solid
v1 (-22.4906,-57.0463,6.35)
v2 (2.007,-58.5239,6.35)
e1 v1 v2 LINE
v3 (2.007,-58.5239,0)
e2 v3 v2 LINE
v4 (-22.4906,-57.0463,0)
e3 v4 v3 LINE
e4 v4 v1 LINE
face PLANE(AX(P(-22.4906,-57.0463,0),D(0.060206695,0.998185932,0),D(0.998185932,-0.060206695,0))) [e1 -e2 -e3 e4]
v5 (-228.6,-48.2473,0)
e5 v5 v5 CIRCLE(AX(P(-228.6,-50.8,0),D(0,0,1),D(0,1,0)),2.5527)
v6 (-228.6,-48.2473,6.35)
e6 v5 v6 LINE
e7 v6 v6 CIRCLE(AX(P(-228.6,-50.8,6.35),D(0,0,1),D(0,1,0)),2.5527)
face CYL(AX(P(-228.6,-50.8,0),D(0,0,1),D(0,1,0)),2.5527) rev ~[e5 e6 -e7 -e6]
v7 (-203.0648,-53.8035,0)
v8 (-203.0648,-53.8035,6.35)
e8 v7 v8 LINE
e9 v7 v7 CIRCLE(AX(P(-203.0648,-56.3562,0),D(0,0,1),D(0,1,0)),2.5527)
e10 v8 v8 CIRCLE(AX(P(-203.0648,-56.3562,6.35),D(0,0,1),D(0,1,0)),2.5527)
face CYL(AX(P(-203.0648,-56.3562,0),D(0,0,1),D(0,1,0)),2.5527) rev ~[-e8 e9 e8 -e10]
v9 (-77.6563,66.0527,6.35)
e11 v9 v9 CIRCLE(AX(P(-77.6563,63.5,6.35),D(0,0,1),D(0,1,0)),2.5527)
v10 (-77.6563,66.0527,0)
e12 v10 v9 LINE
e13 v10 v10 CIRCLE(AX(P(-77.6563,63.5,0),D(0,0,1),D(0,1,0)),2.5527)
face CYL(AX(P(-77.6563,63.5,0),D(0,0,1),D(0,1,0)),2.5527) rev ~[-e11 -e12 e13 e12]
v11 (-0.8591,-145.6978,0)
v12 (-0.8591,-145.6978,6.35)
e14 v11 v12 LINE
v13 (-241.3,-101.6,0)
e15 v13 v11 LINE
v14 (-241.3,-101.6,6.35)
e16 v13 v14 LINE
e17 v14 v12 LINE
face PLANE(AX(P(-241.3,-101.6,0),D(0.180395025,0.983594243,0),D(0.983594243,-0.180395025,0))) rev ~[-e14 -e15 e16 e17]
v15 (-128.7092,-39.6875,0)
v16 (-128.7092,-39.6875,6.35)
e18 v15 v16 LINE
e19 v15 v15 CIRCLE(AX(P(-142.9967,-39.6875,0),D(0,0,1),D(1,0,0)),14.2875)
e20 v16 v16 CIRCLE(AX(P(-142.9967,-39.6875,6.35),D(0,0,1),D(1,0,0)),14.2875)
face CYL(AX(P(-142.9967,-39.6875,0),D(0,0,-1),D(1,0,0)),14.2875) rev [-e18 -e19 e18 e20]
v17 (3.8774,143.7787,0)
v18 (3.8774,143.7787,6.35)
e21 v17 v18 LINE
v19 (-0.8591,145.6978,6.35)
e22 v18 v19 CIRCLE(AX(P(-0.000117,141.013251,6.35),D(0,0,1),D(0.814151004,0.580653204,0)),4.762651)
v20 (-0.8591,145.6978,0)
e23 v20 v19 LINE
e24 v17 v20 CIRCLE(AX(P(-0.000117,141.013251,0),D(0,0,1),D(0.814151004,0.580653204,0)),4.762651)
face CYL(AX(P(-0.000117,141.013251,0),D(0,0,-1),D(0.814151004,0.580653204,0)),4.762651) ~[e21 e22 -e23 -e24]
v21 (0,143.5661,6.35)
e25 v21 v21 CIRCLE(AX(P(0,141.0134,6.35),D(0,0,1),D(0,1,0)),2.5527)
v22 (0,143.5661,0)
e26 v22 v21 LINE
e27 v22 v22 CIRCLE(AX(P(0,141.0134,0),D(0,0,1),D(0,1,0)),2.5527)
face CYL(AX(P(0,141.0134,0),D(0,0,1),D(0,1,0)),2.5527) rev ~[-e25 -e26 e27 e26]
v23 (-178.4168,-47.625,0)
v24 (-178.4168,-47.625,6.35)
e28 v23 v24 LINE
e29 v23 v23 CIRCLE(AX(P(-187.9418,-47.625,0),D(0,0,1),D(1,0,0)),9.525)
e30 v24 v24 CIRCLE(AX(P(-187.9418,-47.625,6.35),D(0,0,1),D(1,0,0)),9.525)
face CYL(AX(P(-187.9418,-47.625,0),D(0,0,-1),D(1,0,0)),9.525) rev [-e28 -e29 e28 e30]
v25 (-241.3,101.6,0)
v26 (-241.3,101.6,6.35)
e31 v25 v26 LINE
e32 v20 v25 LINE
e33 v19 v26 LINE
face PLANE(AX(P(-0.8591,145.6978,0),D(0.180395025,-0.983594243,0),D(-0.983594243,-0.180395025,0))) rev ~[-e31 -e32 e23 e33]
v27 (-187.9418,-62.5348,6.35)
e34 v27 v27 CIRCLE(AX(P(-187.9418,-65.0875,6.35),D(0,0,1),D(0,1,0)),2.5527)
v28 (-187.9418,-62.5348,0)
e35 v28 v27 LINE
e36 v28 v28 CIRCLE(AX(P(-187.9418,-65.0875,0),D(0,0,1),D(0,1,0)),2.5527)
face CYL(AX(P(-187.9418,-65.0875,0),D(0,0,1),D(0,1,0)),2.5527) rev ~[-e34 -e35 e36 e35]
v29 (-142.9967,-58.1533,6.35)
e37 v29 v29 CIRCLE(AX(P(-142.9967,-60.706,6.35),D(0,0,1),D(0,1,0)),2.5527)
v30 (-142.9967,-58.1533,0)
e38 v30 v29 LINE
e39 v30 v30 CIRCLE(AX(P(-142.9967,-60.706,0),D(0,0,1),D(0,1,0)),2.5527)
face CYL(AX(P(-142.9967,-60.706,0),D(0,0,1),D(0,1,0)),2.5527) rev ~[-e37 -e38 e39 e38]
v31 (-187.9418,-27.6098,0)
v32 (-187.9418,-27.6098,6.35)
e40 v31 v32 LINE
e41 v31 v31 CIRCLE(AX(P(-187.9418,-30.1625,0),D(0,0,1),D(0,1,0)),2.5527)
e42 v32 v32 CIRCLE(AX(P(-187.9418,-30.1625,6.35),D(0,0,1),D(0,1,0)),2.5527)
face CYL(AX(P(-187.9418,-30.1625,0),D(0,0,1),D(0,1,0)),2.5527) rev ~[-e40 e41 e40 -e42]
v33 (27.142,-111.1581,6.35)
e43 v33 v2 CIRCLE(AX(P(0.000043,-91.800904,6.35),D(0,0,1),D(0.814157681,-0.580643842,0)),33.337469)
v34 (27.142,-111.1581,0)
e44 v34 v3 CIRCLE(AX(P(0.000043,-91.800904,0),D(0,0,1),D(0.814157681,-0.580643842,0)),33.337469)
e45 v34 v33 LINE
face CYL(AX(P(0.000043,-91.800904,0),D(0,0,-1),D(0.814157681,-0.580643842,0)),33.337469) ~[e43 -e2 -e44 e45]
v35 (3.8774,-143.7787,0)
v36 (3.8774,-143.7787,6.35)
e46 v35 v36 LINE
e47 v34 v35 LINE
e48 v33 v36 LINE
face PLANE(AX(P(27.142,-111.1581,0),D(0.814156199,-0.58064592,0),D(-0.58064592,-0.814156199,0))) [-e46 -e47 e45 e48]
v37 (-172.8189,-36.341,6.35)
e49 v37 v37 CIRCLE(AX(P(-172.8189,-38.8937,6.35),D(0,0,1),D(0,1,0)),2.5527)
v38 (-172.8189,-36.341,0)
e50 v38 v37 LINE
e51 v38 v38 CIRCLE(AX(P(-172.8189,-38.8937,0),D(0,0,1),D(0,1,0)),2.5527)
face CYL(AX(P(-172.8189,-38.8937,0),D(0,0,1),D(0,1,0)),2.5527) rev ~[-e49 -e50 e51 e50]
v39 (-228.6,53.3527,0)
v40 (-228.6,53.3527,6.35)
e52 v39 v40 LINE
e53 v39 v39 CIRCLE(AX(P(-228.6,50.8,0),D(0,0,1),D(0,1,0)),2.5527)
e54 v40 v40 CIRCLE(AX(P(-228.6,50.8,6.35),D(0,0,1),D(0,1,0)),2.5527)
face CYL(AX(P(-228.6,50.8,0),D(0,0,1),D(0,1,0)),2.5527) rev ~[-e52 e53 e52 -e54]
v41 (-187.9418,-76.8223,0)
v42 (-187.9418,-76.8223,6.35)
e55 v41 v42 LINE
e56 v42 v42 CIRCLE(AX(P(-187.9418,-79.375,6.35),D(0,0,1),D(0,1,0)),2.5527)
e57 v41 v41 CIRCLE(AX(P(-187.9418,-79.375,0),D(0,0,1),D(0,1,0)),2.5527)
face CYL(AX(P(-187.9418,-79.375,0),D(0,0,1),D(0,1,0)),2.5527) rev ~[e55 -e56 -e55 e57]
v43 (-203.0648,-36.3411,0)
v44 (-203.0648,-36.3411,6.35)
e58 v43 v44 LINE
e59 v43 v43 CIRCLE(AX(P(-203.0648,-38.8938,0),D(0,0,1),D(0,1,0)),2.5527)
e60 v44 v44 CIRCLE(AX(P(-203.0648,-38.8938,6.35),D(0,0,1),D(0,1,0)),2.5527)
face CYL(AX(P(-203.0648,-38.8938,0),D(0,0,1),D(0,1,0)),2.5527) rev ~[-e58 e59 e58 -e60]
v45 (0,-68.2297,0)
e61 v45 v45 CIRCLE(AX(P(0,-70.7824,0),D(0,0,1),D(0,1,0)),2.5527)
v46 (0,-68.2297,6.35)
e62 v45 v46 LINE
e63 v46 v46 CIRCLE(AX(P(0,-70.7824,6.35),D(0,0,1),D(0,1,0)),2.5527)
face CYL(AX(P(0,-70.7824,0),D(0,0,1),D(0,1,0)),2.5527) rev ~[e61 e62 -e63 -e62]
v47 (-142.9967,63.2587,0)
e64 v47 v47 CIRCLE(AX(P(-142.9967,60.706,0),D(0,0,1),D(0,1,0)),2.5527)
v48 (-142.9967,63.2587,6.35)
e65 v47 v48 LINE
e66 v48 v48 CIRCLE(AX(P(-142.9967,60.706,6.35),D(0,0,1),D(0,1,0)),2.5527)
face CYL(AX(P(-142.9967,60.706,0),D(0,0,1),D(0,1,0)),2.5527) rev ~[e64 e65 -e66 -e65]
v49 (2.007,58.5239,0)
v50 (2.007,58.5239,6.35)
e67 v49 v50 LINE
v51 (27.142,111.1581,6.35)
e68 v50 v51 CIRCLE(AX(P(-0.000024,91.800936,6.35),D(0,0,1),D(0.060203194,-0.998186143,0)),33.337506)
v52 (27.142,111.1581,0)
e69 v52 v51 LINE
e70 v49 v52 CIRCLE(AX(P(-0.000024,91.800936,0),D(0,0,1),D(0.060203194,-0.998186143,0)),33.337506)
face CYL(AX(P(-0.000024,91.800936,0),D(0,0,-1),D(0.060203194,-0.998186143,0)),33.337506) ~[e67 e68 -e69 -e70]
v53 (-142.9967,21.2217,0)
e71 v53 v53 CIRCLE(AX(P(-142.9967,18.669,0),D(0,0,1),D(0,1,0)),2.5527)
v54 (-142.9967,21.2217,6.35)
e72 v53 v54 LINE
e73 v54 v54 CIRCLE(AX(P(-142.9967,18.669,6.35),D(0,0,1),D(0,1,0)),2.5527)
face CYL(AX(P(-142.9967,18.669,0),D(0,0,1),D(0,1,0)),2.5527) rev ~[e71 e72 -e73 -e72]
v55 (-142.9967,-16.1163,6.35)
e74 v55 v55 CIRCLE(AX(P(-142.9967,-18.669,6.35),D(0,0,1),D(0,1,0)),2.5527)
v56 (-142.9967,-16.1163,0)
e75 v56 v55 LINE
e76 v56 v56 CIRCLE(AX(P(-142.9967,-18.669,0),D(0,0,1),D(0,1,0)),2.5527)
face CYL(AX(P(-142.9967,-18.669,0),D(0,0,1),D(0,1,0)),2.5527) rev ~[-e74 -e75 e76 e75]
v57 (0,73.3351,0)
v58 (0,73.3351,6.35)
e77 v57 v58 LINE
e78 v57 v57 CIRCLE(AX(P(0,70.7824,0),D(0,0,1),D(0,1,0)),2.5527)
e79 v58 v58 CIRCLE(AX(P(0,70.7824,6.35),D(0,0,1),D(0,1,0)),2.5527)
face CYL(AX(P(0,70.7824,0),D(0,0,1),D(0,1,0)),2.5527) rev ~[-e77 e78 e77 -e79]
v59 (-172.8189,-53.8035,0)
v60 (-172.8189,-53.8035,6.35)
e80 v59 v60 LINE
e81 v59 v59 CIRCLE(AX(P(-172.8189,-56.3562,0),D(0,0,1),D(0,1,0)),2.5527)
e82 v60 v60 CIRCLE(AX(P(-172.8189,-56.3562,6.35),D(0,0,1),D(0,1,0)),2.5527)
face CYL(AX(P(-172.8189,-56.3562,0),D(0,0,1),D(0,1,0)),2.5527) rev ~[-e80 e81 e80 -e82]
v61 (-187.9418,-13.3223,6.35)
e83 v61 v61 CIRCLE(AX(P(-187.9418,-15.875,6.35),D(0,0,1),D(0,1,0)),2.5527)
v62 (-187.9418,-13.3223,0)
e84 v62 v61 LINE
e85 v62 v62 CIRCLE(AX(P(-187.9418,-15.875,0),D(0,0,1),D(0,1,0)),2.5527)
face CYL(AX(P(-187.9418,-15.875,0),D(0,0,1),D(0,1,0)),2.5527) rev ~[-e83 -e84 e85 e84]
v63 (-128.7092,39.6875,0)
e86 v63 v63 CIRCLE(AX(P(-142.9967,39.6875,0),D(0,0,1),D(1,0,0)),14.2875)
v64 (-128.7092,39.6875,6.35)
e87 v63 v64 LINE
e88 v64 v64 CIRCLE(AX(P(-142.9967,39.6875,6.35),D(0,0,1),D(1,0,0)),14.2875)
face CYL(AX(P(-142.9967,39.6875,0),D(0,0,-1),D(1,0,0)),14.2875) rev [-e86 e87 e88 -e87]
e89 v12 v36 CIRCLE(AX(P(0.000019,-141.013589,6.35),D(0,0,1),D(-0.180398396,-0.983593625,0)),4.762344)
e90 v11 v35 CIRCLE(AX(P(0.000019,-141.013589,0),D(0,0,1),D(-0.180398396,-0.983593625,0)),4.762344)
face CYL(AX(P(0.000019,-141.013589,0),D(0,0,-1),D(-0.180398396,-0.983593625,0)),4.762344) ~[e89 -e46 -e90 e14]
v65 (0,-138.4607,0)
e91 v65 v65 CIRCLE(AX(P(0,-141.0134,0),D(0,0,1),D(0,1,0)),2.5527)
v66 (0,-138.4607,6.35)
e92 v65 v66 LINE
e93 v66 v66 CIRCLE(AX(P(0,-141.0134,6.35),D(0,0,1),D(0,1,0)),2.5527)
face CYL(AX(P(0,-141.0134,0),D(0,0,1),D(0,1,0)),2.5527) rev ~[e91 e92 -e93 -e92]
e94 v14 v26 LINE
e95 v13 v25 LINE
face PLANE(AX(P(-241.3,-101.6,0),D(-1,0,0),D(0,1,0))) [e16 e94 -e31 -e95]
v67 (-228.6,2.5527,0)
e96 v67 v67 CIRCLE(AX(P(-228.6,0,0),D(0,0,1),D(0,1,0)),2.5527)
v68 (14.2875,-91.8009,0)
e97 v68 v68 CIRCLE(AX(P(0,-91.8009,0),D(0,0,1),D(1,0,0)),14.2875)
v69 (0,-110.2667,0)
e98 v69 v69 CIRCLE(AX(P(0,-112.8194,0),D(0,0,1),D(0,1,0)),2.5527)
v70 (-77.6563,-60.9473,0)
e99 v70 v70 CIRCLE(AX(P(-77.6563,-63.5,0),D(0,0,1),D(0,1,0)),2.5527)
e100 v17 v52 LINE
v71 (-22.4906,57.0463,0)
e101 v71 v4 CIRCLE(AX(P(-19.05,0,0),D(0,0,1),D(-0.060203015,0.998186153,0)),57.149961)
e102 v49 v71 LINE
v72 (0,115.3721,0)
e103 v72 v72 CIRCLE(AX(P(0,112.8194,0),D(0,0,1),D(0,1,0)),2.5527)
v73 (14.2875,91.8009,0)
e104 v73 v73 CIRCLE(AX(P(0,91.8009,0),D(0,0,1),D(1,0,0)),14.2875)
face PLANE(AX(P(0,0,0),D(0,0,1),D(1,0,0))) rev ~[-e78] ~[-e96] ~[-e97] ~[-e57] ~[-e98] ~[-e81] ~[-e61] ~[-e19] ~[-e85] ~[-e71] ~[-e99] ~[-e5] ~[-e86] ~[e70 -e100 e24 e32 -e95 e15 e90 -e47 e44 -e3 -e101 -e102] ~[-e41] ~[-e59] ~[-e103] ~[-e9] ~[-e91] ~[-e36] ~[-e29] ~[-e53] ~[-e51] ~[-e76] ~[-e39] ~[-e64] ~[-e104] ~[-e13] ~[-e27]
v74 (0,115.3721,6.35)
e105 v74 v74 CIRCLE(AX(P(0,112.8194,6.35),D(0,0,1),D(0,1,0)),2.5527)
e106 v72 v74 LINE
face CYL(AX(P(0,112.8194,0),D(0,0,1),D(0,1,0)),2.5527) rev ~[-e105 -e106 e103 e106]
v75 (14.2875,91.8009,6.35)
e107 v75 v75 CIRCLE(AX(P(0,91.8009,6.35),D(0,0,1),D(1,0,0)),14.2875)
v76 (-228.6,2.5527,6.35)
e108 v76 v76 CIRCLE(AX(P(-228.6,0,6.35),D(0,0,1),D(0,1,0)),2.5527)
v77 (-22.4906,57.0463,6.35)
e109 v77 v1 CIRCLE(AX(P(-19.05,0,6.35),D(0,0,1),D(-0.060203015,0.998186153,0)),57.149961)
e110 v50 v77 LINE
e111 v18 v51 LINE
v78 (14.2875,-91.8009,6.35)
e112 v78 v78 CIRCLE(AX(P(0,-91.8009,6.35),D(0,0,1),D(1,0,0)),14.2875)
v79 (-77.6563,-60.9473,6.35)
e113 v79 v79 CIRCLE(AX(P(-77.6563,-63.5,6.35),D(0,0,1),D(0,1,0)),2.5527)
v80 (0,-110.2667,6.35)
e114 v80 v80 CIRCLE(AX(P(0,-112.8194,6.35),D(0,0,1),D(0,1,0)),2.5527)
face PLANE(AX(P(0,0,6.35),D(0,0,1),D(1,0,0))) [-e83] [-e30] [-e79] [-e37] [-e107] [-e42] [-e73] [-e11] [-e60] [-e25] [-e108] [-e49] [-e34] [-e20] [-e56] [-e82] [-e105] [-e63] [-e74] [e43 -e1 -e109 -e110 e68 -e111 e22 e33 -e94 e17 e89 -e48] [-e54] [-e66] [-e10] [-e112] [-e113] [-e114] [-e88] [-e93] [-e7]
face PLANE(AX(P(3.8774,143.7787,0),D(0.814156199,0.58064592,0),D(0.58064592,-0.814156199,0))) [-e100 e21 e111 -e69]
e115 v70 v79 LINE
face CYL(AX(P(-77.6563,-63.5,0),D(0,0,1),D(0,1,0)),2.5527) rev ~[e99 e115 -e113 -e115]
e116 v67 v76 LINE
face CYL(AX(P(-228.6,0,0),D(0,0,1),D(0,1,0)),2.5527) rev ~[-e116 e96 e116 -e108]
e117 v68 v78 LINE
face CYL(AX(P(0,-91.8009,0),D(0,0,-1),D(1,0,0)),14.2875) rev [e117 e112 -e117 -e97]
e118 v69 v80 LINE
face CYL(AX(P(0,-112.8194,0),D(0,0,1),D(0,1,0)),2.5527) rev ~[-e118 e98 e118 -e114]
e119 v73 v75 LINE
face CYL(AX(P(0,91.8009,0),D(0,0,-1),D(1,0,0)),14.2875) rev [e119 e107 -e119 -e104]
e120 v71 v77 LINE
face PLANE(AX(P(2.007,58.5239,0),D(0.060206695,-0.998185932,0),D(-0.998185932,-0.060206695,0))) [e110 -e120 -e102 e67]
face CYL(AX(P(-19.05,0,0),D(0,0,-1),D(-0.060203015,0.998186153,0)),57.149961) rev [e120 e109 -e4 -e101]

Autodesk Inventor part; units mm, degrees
ref_plane "YZ Plane" through (0, 0, 0) normal (1, 0, 0) x (0, 1, 0)
ref_plane "XZ Plane" through (0, 0, 0) normal (0, 1, 0) x (-1, 0, 0)
ref_plane "XY Plane" through (0, 0, 0) normal (0, 0, 1) x (1, 0, 0)
sketch "Sketch1" plane through (0, 0, 0) normal (0, 0, 1) x (1, 0, 0)
  circle A0 centre (0, 91.8009) radius 38.1 construction
  circle A1 centre (0, -91.8009) radius 38.1 construction
  line L0 (0, 91.8009) -> (0, -91.8009) construction
  circle A2 centre (-25.4, 0) radius 57.15 construction
  circle A3 centre (0, 91.8009) radius 14.2875
  circle A4 centre (0, -91.8009) radius 14.2875
  circle A5 centre (0, -91.8009) radius 33.3375 construction
  circle A6 centre (0, 91.8009) radius 33.3375 construction
  circle A7 centre (-142.9967, -39.6875) radius 14.3256 construction
  circle A8 centre (0, -91.8009) radius 23.876 construction
  line L1 (-142.9967, -39.6875) -> (0, -91.8009) construction
  circle A9 centre (-142.9967, 39.6875) radius 14.3256 construction
  circle A10 centre (0, 91.8009) radius 23.876 construction
  line L2 (0, 91.8009) -> (-142.9967, 39.6875) construction
  circle A11 centre (-142.9967, 39.6875) radius 39.6875 construction
  circle A12 centre (-142.9967, -39.6875) radius 39.6875 construction
  line L3 (-142.9967, 39.6875) -> (-142.9967, -39.6875) construction
  line L4 (-138.9458, 25.9466) -> (6.7516, 68.8994) construction
  line L5 (-9.5669, 113.6764) -> (-148.7368, 52.8128) construction
  line L6 (-138.9458, -25.9466) -> (6.7516, -68.8994) construction
  circle A13 centre (-142.9967, 39.6875) radius 14.2875
  circle A14 centre (-142.9967, -39.6875) radius 14.2875
  circle A15 centre (-187.9418, -47.625) radius 5.9531 construction
  circle A16 centre (-187.9418, -47.625) radius 9.525
  circle A17 centre (-187.9418, -47.625) radius 17.4625 construction
  circle A18 centre (-187.9418, -47.625) radius 17.4625 construction
  circle A19 centre (-187.9418, -47.625) radius 17.4625 construction
  circle A20 centre (-187.9418, -47.625) radius 17.4625 construction
  circle A21 centre (-187.9418, -47.625) radius 17.4625 construction
  circle A22 centre (-19.05, 0) radius 57.15 construction
  circle A23 centre (-187.9418, -47.625) radius 19.05 construction
  line L7 (-241.3, 101.6) -> (-215.9, 101.6) construction
  line L8 (-215.9, 101.6) -> (-215.9, -101.6) construction
  line L9 (-215.9, -101.6) -> (-241.3, -101.6) construction
  line L10 (-241.3, -101.6) -> (-241.3, 101.6)
  line L11 (-142.9967, -39.6875) -> (-187.9418, -47.625) construction
  line L12 (-77.6563, 63.5) -> (-77.6563, -63.5) construction
  line L13 (-22.4906, -57.0463) -> (2.007, -58.5239)
  arc A24 (2.007, 58.5239) -> (27.142, 111.1581) centre (0, 91.8009) ccw
  arc A25 (-22.4906, 57.0463) -> (-22.4906, -57.0463) centre (-19.05, 0) ccw
  line L14 (2.007, 58.5239) -> (-22.4906, 57.0463)
  arc A26 (27.142, -111.1581) -> (2.007, -58.5239) centre (0, -91.8009) ccw
  arc A27 (3.8774, 143.7787) -> (-0.8591, 145.6978) centre (0, 141.0134) ccw
  circle A28 centre (0, 91.8009) radius 44.45 construction
  line L15 (3.8774, 143.7787) -> (27.142, 111.1581)
  line L16 (-0.8591, 145.6978) -> (-241.3, 101.6)
  arc A29 (-0.8591, -145.6978) -> (3.8774, -143.7787) centre (0, -141.0134) ccw
  line L17 (-241.3, -101.6) -> (-0.8591, -145.6978)
  line L18 (27.142, -111.1581) -> (3.8774, -143.7787)
  circle A30 centre (0, -91.8009) radius 44.45 construction
  line L19 (0, 112.8194) -> (0, 70.7824) construction
  line L20 (-142.9967, 60.706) -> (-142.9967, 18.669) construction
  line L21 (-142.9967, -18.669) -> (-142.9967, -60.706) construction
  line L22 (0, -70.7824) -> (0, -112.8194) construction
  line L23 (-228.6, 50.8) -> (-228.6, -50.8) construction
  line L24 (-187.9418, -15.875) -> (-187.9418, -79.375) construction
  circle A31 centre (-187.9418, -15.875) radius 4.7625 construction
  line L25 (-148.7368, -52.8128) -> (-9.5669, -113.6764) construction
  line L26 (-187.9418, -47.625) -> (-187.9418, -30.1625) construction
  circle A32 centre (-187.9418, -47.625) radius 17.4625 construction
  point P0 (0, 0)
  point P1 (0, 0)
  point P2 (-172.8189, -38.8937)
  point P3 (-203.0648, -38.8938)
  point P4 (-203.0648, -56.3562)
  point P5 (-187.9418, -65.0875)
  point P6 (-215.9, 0)
  point P7 (-228.6, 0)
  point P8 (-228.6, 0)
  point P9 (-228.6, 101.6)
  point P10 (-172.8189, -56.3562)
  dimension "d15" = 34.925
  dimension "d0" = 76.2
  dimension "d1" = 76.2
  dimension "d2" = 114.3
  dimension "d4" = 183.6018
  dimension "d5" = 28.575
  dimension "d6" = 19.05
  dimension "d7" = 28.6512
  dimension "d8" = 47.752
  dimension "d9" = 79.375
  dimension "d10" = 142.9967
  dimension "d11" = 152.1968
  dimension "d12" = 28.575
  dimension "d13" = 11.9062
  dimension "d14" = 19.05
  dimension "d18" = 360
  dimension "d20" = 6.35
  dimension "d21" = 38.1
  dimension "d22" = 25.4
  dimension "d23" = 203.2
  dimension "d24" = 241.3
  dimension "d26" = 127
  dimension "d29" = 9.525
  dimension "d30" = 6.35
  dimension "d32" = 42.037
  dimension "d33" = 42.037
  dimension "d34" = 42.037
  dimension "d35" = 42.037
  dimension "d36" = 25.4
  dimension "d44" = 101.6
  dimension "d45" = 63.5
  dimension "d47" = 9.525
  dimension "d49" = 53.975
extrude "Extrusion1" add sketch "Sketch1" along normal blind 6.35
hole "Hole1" at (-172.8189, -38.8937, 0) at (-187.9418, -30.1625, 0) at (-203.0648, -38.8938, 0) at (-203.0648, -56.3562, 0) at (-187.9418, -65.0875, 0) at (-77.6563, 63.5, 0) at (-77.6563, -63.5, 0) at (0, 112.8194, 0) at (0, 70.7824, 0) at (-142.9967, 60.706, 0) at (-142.9967, 18.669, 0) at (-142.9967, -18.669, 0) at (-142.9967, -60.706, 0) at (0, -70.7824, 0) at (0, -112.8194, 0) at (-228.6, 50.8, 0) at (-228.6, 0, 0) at (-228.6, -50.8, 0) at (-187.9418, -15.875, 0) at (-187.9418, -79.375, 0) at (0, 141.0134, 0) at (0, -141.0134, 0) at (-172.8189, -56.3562, 0) direction (0, 0, 1) diameter 5.1054 end through all clearance for "Flat Head Machine Screw (82)" size "#10" standard "Ansi Unified Screw Threads"
properties part number "GP6-001" material "Polycarbonate, Smoke"
